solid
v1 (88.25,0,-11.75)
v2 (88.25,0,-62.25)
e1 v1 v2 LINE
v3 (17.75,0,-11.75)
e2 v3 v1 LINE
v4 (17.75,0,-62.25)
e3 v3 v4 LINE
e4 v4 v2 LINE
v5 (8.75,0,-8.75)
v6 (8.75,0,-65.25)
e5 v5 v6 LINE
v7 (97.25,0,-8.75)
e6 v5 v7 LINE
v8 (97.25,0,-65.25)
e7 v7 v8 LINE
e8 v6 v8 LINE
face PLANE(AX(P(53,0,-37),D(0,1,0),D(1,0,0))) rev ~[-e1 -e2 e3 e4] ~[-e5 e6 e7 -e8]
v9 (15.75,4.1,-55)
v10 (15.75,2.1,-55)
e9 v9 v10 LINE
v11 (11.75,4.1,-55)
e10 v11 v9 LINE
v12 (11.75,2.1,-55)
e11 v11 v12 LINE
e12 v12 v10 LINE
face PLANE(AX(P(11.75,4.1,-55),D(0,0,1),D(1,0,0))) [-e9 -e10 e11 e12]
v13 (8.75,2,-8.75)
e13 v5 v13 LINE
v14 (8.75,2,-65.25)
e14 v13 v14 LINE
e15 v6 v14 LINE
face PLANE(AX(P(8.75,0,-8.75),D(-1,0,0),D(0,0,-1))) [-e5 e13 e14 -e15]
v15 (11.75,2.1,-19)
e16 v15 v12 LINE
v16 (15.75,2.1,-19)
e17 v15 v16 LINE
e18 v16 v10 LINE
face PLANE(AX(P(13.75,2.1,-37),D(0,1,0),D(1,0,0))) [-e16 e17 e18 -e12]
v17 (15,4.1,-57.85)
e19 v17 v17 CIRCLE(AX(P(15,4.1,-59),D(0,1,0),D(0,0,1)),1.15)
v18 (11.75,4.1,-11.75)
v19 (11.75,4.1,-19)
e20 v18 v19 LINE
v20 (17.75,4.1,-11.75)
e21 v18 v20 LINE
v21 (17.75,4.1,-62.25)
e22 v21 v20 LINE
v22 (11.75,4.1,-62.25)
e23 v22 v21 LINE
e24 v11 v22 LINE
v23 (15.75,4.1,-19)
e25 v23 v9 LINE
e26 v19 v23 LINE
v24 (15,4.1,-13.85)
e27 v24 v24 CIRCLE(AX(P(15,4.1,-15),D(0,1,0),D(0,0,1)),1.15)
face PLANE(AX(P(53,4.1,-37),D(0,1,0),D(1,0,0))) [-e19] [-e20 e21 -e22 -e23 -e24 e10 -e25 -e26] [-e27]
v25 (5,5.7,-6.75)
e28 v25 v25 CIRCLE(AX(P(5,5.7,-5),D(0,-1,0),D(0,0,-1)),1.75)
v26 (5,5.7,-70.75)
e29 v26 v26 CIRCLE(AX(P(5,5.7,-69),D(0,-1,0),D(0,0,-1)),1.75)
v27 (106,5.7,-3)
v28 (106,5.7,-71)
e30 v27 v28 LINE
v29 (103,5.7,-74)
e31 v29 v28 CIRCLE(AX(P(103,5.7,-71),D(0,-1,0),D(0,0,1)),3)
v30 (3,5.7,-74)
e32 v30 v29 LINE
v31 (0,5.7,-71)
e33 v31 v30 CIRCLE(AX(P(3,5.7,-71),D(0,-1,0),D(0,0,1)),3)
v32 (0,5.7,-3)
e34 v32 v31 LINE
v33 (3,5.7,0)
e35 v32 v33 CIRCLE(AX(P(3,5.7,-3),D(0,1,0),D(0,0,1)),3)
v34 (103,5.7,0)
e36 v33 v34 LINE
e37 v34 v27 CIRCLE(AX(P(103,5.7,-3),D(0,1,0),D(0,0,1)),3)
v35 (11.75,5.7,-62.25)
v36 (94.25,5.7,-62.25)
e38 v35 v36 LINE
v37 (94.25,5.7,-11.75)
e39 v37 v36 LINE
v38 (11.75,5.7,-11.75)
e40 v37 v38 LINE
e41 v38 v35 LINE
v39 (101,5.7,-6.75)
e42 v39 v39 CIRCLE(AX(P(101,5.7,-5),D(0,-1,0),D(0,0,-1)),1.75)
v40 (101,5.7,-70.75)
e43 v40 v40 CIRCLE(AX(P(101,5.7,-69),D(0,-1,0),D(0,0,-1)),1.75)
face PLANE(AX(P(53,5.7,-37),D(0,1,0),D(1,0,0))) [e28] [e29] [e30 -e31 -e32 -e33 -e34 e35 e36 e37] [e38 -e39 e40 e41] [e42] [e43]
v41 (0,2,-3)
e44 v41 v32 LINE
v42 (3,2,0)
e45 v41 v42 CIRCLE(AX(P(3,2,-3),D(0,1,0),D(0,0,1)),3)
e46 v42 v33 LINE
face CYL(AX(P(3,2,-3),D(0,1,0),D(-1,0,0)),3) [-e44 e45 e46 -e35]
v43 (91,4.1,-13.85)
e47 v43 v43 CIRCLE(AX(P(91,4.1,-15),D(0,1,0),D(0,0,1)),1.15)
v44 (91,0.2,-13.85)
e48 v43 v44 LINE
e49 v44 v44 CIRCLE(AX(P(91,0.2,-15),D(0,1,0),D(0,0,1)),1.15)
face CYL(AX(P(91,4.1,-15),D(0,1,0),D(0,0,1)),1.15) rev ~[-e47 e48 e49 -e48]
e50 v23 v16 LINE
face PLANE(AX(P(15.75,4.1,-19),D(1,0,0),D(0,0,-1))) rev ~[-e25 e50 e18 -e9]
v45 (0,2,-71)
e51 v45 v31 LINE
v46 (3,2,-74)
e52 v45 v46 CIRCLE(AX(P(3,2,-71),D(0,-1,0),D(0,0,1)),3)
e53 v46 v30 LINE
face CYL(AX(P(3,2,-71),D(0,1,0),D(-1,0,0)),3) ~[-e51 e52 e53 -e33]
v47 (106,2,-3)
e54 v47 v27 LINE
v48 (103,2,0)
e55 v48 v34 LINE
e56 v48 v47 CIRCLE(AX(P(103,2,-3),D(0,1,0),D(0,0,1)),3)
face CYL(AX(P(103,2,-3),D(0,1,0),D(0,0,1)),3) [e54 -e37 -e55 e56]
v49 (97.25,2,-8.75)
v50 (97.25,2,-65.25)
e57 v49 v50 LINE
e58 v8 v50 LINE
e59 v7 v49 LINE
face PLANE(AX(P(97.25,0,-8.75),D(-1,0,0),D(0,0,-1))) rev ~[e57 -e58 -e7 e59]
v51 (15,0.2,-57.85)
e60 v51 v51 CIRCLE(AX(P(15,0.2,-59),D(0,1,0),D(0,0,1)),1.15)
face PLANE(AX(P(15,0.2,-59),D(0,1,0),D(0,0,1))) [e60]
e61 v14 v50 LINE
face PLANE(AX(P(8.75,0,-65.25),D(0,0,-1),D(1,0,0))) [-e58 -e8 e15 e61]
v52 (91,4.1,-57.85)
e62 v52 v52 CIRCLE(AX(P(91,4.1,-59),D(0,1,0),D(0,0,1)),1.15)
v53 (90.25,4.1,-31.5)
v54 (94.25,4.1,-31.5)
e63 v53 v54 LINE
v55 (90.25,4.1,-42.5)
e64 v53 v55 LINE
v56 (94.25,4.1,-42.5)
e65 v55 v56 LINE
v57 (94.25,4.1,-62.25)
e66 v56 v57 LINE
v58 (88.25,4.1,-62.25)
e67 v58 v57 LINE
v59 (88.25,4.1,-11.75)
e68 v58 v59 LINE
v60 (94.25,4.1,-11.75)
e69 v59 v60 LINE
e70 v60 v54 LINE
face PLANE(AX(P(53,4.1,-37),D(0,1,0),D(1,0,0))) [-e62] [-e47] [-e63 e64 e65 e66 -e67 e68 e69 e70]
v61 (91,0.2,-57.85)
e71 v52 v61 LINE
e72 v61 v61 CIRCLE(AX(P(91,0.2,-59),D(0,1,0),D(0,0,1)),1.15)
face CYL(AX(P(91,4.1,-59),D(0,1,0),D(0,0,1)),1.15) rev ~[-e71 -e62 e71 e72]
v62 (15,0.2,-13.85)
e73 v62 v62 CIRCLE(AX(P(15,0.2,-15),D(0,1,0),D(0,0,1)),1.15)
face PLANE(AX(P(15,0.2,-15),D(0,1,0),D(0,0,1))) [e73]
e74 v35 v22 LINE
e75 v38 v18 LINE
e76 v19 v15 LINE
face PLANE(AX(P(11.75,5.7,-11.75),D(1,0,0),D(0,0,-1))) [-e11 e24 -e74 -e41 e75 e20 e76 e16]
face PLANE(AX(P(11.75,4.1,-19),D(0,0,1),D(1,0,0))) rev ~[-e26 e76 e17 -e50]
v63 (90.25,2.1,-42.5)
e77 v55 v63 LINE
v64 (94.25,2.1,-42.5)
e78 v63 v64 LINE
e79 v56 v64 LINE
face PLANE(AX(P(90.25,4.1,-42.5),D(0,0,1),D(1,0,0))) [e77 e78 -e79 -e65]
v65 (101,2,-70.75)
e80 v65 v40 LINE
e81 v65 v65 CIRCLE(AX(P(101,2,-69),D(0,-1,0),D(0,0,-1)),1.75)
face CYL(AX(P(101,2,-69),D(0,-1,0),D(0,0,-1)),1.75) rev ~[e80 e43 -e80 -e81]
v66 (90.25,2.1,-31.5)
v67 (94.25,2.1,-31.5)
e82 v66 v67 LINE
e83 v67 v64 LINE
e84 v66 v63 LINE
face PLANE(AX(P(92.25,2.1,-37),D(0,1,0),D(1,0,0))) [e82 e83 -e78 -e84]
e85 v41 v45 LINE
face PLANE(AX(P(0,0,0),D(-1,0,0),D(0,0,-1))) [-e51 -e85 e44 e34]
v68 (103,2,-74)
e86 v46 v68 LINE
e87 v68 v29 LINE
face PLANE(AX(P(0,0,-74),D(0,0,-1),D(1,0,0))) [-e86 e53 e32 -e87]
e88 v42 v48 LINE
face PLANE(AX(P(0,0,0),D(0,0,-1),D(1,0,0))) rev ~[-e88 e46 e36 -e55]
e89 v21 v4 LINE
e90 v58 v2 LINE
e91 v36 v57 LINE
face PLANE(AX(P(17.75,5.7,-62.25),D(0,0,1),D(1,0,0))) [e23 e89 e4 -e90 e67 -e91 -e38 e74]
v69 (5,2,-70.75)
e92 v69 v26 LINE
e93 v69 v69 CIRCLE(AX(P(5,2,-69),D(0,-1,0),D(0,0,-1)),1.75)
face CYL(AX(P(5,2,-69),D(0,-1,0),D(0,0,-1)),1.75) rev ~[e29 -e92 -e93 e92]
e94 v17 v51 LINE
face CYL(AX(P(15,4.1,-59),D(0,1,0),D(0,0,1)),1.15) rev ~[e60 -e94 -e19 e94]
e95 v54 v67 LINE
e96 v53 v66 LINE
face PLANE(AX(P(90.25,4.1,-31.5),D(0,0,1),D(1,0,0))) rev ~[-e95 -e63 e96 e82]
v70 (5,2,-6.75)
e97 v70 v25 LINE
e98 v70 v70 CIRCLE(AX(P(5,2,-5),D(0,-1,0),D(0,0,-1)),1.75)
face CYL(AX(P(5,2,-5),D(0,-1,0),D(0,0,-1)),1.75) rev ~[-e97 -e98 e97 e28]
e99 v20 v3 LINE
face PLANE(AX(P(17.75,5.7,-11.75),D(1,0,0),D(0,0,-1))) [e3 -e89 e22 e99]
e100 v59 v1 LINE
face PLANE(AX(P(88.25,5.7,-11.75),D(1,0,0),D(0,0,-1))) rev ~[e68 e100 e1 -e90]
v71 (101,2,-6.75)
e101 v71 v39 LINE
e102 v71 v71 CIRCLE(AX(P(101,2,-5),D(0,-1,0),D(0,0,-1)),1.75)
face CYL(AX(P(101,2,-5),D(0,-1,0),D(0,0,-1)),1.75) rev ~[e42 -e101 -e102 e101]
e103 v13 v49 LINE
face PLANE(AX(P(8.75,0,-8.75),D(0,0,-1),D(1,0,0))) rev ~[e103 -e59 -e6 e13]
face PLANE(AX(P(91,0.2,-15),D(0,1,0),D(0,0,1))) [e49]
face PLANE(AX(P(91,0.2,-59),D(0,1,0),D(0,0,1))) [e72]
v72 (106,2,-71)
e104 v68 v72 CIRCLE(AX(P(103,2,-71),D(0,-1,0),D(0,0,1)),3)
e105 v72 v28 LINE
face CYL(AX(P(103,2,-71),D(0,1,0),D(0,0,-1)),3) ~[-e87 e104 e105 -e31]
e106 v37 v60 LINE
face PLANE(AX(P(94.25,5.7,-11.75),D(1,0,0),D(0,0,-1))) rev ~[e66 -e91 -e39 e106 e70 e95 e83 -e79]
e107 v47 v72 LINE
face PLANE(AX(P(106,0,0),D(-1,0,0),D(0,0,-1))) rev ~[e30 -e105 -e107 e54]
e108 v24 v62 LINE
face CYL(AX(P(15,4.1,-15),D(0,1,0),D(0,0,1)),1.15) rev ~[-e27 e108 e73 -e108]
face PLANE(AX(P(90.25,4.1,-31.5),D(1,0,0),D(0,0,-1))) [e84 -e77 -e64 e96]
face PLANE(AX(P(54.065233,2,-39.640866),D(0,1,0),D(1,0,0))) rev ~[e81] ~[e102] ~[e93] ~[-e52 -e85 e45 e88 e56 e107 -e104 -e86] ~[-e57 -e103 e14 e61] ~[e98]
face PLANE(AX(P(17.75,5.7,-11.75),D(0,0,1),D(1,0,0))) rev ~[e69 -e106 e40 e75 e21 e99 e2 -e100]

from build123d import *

# Parameters (mm, degrees)
SKETCH_1_W          = 106
SKETCH_1_H          = 74
EXTRUDE_1_DEPTH     = 5.7
SKETCH_2_W          = 70.5
SKETCH_2_H          = 50.5
CUT_EXTRUDE_1_DEPTH = 130.400502317
SKETCH_3_W          = 82.5
SKETCH_3_H          = 50.5
CUT_EXTRUDE_2_DEPTH = 1.6
SKETCH_4_W          = 4
SKETCH_4_H          = 11
SKETCH_4_H_2        = 36
CUT_EXTRUDE_3_DEPTH = 2
SKETCH_5_R          = 1.15
CUT_EXTRUDE_4_DEPTH = 3.9
CUT_EXTRUDE_START   = -5.7
SKETCH_6_W          = 131.135040239
SKETCH_6_H          = 88.560038322
SKETCH_6_W_2        = 88.5
SKETCH_6_H_2        = 56.5
CUT_EXTRUDE_5_DEPTH = 2
SKETCH_7_R          = 1.75
CUT_EXTRUDE_6_DEPTH = 130.32783923
FILLET_1_R          = 3


with BuildPart() as part:
    # Эскиз1 → Бобышка-Вытянуть1 (new body)
    with BuildSketch(Plane(origin=(0, 0, 0), x_dir=(1, 0, 0), z_dir=(0, 1, 0))):
        with Locations((53, 37)):
            Rectangle(SKETCH_1_W, SKETCH_1_H)
    extrude(amount=EXTRUDE_1_DEPTH)

    # Эскиз2 → Вырез-Вытянуть1 (cut, through all)
    with BuildSketch(Plane(origin=(0, 5.7, 0), x_dir=(1, 0, 0), z_dir=(0, 1, 0))):
        with Locations((53, 37)):
            Rectangle(SKETCH_2_W, SKETCH_2_H)
    extrude(amount=-CUT_EXTRUDE_1_DEPTH, mode=Mode.SUBTRACT)

    # Эскиз3 → Вырез-Вытянуть2 (cut)
    with BuildSketch(Plane(origin=(0, 5.7, 0), x_dir=(1, 0, 0), z_dir=(0, 1, 0))):
        with Locations((53, 37)):
            Rectangle(SKETCH_3_W, SKETCH_3_H)
    extrude(amount=-CUT_EXTRUDE_2_DEPTH, mode=Mode.SUBTRACT)

    # Эскиз4 → Вырез-Вытянуть3 (cut)
    with BuildSketch(Plane(origin=(0, 4.1, 0), x_dir=(1, 0, 0), z_dir=(0, 1, 0))):
        with Locations((92.25, 37)):
            Rectangle(SKETCH_4_W, SKETCH_4_H)
        with Locations((13.75, 37)):
            Rectangle(SKETCH_4_W, SKETCH_4_H_2)
    extrude(amount=-CUT_EXTRUDE_3_DEPTH, mode=Mode.SUBTRACT)

    # Эскиз5 → Вырез-Вытянуть4 (cut)
    with BuildSketch(Plane(origin=(0, 4.1, 0), x_dir=(1, 0, 0), z_dir=(0, 1, 0))):
        with Locations(Location((15, 59, 0), (0, 0, 270))):
            Circle(SKETCH_5_R)
        with Locations(Location((91, 59, 0), (0, 0, 270))):
            Circle(SKETCH_5_R)
        with Locations(Location((91, 15, 0), (0, 0, 270))):
            Circle(SKETCH_5_R)
        with Locations(Location((15, 15, 0), (0, 0, 270))):
            Circle(SKETCH_5_R)
    extrude(amount=-CUT_EXTRUDE_4_DEPTH, mode=Mode.SUBTRACT)

    # Эскиз6 → Вырез-Вытянуть5 (cut)
    with BuildSketch(Plane(origin=(0, 5.7, 0), x_dir=(1, 0, 0), z_dir=(0, 1, 0)).offset(CUT_EXTRUDE_START)):
        with Locations((54.065232984, 39.640866481)):
            Rectangle(SKETCH_6_W, SKETCH_6_H)
        with Locations((53, 37)):
            Rectangle(SKETCH_6_W_2, SKETCH_6_H_2, mode=Mode.SUBTRACT)
    extrude(amount=CUT_EXTRUDE_5_DEPTH, mode=Mode.SUBTRACT)

    # Эскиз7 → Вырез-Вытянуть6 (cut, through all)
    with BuildSketch(Plane.XZ.offset(-2)):
        with Locations(Location((5, -5, 0), (0, 0, 270))):
            Circle(SKETCH_7_R)
        with Locations(Location((101, -5, 0), (0, 0, 270))):
            Circle(SKETCH_7_R)
        with Locations(Location((101, -69, 0), (0, 0, 270))):
            Circle(SKETCH_7_R)
        with Locations(Location((5, -69, 0), (0, 0, 270))):
            Circle(SKETCH_7_R)
    extrude(amount=-CUT_EXTRUDE_6_DEPTH, mode=Mode.SUBTRACT)

    # Скругление1
    fillet_1_edges = [part.edges().sort_by_distance(p)[0] for p in [
        (0, 3.85, -74),
        (106, 3.85, -74),
        (106, 3.85, 0),
        (0, 3.85, 0),
    ]]
    fillet(fillet_1_edges, radius=FILLET_1_R)


solid = part.part
